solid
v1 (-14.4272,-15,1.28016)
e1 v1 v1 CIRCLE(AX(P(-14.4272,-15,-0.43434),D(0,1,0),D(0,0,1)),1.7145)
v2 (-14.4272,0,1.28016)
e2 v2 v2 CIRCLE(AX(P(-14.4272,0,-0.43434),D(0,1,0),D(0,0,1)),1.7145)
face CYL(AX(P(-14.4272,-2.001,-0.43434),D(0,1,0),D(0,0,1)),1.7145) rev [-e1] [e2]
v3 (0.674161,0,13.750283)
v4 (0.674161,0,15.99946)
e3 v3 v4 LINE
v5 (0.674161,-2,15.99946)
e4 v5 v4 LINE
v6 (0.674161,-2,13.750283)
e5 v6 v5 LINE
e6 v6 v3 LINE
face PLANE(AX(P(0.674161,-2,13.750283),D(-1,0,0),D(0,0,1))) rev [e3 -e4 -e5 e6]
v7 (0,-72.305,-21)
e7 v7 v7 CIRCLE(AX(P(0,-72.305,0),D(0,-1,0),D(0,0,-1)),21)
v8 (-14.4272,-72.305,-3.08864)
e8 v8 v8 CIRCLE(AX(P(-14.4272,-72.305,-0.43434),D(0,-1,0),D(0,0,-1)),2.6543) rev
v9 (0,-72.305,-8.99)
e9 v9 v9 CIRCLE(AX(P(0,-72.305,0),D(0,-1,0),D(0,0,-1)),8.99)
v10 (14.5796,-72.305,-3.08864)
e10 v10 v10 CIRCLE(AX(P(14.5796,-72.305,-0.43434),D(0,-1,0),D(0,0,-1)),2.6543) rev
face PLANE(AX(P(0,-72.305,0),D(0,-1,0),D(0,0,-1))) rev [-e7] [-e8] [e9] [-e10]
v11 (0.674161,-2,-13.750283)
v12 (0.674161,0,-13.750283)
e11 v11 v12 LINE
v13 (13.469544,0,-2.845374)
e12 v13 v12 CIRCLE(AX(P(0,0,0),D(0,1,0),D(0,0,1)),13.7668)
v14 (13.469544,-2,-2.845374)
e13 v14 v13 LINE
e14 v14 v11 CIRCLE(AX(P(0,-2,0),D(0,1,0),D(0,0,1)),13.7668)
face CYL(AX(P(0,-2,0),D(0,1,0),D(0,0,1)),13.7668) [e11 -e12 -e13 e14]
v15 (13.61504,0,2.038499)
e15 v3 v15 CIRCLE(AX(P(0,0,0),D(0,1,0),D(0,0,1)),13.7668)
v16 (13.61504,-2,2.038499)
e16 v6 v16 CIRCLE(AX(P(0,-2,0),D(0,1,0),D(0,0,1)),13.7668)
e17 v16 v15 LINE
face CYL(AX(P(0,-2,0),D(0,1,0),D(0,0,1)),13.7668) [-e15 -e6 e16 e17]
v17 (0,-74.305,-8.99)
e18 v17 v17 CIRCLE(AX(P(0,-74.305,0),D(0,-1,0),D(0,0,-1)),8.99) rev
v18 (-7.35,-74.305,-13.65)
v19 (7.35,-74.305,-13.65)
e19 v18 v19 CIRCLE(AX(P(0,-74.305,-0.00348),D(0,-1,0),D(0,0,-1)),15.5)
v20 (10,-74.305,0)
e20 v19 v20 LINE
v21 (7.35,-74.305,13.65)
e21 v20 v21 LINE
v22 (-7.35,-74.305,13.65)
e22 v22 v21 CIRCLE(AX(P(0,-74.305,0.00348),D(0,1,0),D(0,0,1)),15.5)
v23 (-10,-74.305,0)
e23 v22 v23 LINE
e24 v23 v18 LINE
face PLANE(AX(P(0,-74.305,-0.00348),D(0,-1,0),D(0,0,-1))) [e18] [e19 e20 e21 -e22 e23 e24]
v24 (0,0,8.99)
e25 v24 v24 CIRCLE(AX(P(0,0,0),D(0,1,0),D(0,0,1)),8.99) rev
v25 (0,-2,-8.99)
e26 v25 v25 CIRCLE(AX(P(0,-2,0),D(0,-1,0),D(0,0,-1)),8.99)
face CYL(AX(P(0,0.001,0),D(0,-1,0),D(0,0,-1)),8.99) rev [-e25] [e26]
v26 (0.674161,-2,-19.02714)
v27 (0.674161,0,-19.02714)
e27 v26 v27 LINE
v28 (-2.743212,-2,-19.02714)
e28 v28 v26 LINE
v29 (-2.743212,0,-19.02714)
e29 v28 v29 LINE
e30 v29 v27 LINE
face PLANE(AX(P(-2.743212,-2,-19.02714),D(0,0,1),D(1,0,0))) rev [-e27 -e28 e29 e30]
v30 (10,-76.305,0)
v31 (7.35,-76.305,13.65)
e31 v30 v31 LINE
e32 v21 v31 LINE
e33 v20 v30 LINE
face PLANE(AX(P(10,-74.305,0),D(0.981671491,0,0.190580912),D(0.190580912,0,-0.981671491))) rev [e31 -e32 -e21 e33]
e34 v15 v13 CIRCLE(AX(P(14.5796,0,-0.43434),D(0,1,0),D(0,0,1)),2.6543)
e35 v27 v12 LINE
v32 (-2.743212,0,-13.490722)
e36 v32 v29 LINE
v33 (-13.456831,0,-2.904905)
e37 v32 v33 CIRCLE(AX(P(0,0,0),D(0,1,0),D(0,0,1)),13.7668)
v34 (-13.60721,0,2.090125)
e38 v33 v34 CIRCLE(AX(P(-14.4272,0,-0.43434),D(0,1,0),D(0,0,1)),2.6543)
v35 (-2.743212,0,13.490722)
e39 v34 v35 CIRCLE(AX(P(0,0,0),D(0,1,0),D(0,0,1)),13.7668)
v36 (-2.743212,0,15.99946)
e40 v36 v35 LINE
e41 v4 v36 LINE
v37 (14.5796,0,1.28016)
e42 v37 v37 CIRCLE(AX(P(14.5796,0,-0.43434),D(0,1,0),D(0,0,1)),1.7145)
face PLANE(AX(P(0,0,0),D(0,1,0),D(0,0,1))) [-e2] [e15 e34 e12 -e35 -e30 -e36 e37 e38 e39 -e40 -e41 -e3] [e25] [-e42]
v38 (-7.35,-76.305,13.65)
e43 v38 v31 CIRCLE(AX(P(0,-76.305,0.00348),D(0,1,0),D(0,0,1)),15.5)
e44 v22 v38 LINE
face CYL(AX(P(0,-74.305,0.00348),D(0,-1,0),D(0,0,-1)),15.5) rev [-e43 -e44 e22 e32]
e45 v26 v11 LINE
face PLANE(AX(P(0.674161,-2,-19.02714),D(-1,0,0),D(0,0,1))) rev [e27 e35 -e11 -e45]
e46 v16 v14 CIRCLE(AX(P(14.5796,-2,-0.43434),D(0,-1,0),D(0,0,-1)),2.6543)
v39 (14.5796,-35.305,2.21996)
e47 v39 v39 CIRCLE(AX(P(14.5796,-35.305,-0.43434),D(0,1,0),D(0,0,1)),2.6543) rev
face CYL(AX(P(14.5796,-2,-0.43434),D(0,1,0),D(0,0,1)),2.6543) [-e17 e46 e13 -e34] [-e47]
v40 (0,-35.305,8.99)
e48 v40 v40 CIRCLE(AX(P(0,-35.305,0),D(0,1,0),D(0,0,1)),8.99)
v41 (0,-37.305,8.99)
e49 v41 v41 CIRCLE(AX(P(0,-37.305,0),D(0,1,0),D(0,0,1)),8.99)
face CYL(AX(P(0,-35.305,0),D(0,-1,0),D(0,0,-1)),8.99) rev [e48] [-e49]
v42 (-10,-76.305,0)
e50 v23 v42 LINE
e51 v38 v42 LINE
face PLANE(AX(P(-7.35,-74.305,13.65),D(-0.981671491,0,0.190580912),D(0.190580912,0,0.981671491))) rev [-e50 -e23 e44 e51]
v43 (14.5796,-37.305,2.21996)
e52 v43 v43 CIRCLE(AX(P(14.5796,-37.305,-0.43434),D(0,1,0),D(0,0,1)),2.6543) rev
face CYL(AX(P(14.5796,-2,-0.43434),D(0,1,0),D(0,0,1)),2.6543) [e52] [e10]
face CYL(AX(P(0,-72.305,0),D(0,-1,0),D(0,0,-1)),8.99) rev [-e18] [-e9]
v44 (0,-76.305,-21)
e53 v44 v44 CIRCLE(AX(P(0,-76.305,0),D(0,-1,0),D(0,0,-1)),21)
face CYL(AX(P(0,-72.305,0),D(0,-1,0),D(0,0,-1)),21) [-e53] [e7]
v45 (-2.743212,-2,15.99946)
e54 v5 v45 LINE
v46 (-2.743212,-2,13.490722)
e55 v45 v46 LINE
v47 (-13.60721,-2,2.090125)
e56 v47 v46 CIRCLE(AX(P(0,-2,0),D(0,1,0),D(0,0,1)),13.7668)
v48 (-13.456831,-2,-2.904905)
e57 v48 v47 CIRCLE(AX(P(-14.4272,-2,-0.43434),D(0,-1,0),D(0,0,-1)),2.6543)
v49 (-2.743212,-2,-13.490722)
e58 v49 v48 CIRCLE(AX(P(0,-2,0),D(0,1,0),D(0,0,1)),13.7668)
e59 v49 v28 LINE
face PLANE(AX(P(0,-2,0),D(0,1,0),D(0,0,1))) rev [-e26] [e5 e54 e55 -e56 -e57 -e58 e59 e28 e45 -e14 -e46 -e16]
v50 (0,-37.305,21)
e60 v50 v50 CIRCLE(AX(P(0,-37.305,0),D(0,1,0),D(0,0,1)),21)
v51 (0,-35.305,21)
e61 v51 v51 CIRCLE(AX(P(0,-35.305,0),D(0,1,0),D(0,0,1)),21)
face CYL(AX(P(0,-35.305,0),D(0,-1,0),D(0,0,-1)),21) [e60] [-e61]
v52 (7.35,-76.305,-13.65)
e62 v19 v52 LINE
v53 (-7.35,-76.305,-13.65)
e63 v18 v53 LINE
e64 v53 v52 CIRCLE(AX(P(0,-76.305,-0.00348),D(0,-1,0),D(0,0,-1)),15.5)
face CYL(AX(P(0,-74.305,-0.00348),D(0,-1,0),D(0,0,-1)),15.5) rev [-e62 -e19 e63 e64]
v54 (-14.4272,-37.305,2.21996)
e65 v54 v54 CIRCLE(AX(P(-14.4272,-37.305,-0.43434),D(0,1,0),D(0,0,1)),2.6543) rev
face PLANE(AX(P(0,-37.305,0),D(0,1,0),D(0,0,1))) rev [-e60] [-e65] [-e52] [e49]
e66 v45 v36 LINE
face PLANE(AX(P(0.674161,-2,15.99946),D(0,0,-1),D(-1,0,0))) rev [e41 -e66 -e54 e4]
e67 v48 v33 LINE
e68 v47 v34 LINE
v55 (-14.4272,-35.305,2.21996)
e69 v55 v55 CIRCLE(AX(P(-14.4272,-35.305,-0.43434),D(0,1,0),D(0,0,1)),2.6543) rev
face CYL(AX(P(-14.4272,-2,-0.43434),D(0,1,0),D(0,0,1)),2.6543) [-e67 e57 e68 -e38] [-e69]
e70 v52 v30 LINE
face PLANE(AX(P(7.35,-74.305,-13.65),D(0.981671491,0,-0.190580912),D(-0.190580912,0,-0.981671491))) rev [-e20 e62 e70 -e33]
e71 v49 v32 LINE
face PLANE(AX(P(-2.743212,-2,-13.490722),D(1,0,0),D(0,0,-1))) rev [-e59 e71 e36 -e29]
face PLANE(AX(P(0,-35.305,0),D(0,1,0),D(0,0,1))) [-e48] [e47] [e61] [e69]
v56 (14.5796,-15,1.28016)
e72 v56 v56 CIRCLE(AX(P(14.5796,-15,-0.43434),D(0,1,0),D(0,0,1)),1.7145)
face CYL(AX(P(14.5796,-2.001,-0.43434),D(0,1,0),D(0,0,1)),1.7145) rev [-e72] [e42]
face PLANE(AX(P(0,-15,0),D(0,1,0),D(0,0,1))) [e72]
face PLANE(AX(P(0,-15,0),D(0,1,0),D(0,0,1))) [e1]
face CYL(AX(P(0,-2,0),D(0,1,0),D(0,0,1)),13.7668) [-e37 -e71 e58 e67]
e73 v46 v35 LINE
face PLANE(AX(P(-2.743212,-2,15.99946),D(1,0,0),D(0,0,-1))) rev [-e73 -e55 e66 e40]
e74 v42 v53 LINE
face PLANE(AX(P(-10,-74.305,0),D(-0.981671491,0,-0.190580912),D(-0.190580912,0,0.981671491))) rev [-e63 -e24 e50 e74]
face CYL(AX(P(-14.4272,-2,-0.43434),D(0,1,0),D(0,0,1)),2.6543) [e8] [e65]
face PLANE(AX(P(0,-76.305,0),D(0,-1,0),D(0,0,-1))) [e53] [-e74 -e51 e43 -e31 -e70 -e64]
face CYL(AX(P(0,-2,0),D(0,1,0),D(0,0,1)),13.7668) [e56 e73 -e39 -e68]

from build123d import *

# Parameters (mm, degrees)
BOSS_EXTRUDE1_DEPTH      = 2
CUT_EXTRUDE1_REACH       = 27.75
SKETCH2_R                = 1.7145
SKETCH3_R                = 1.7145
BOSS_EXTRUDE2_DEPTH      = 72.305
CUT_EXTRUDE2_REACH       = 78.727
SKETCH4_R                = 8.99
BOSS_EXTRUDE3_DEPTH      = 2
BOSS_EXTRUDE3_DEPTH_BACK = 2
SKETCH5_R                = 21
SKETCH5_R_2              = 8.99
CUT_EXTRUDE3_DEPTH       = 2
SKETCH7_R                = 21
SKETCH7_R_2              = 8.99
BOSS_EXTRUDE4_DEPTH      = 2
SKETCH8_R                = 1.7145
BOSS_EXTRUDE5_DEPTH      = 57.305


with BuildPart() as part:
    # Sketch1 → Boss-Extrude1 (new body)
    with BuildSketch(Plane(origin=(0, 0, 0), x_dir=(1, 0, 0), z_dir=(0, 1, 0))):
        with BuildLine():
            Line((-2.743211684, 13.490721697), (-2.743211684, 19.02714))
            Line((-2.743211684, 19.02714), (0.674160958, 19.02714))
            Line((0.674160958, 19.02714), (0.674160958, 13.750283242))
            ThreePointArc((0.674160958, 13.750283242), (8.929745908, 10.47780608), (13.469544487, 2.845374062))
            ThreePointArc((13.469544487, 2.845374062), (17.232722938, 0.513379028), (13.615039655, -2.03849882))
            ThreePointArc((13.615039655, -2.03849882), (9.237791247, -10.207252084), (0.674160958, -13.750283242))
            Line((0.674160958, -13.750283242), (0.674160958, -15.99946))
            Line((0.674160958, -15.99946), (-2.743211684, -15.99946))
            Line((-2.743211684, -15.99946), (-2.743211684, -13.490721697))
            ThreePointArc((-2.743211684, -13.490721697), (-9.966316815, -9.49722651), (-13.607209812, -2.090125207))
            ThreePointArc((-13.607209812, -2.090125207), (-17.080297956, 0.514213195), (-13.456831252, 2.904905316))
            ThreePointArc((-13.456831252, 2.904905316), (-9.676012861, 9.792831937), (-2.743211684, 13.490721697))
        make_face()
    extrude(amount=-BOSS_EXTRUDE1_DEPTH)

    # Sketch2 → Cut-Extrude1 (cut, up to next)
    with BuildSketch(Plane(origin=(0, 0, 0), x_dir=(1, 0, 0), z_dir=(0, 1, 0)), mode=Mode.PRIVATE) as cut_extrude1_sk1:
        with Locations(Location((14.5796, 0.43434, 0), (0, 0, 270))):
            Circle(SKETCH2_R)
    cut_extrude1_tool1 = extrude(cut_extrude1_sk1.sketch, amount=-CUT_EXTRUDE1_REACH, mode=Mode.PRIVATE) & part.part
    # Sketch2 → Cut-Extrude1 (cut, up to next)
    with BuildSketch(Plane(origin=(0, 0, 0), x_dir=(1, 0, 0), z_dir=(0, 1, 0)), mode=Mode.PRIVATE) as cut_extrude1_sk2:
        with Locations(Location((-14.4272, 0.43434, 0), (0, 0, 270))):
            Circle(SKETCH2_R)
    cut_extrude1_tool2 = extrude(cut_extrude1_sk2.sketch, amount=-CUT_EXTRUDE1_REACH, mode=Mode.PRIVATE) & part.part
    add(cut_extrude1_tool1.solids().sort_by_distance((14.5796, 0, -0.43434))[0], mode=Mode.SUBTRACT)
    add(cut_extrude1_tool2.solids().sort_by_distance((-14.4272, 0, -0.43434))[0], mode=Mode.SUBTRACT)

    # Sketch3 → Boss-Extrude2 (add)
    # profile 1 of 2: a face of its own
    with BuildSketch(Plane.XZ.offset(2)):
        with BuildLine():
            ThreePointArc((13.469544487, -2.845374062), (16.011187954, -2.669483042), (17.2339, -0.43434))
            ThreePointArc((17.2339, -0.43434), (16.077110595, 1.757182418), (13.615039655, 2.03849882))
            ThreePointArc((13.615039655, 2.03849882), (11.926477062, -0.355300972), (13.469544487, -2.845374062))
        make_face()
        with Locations(Location((14.5796, -0.43434, 0), (0, 0, 90))):
            Circle(SKETCH3_R, mode=Mode.SUBTRACT)
    # profile 2 of 2: a face of its own
    with BuildSketch(Plane.XZ.offset(2)):
        with BuildLine():
            ThreePointArc((-13.456831252, -2.904905316), (-12.233919551, -1.929274567), (-11.7729, -0.43434))
            ThreePointArc((-11.7729, -0.43434), (-12.279898386, 1.125917756), (-13.607209812, 2.090125207))
            ThreePointArc((-13.607209812, 2.090125207), (-17.080297956, -0.514213195), (-13.456831252, -2.904905316))
        make_face()
        with Locations(Location((-14.4272, -0.43434, 0), (0, 0, 90))):
            Circle(SKETCH3_R, mode=Mode.SUBTRACT)
    extrude(amount=BOSS_EXTRUDE2_DEPTH)

    # Sketch4 → Cut-Extrude2 (cut, up to next)
    with BuildSketch(Plane.XZ.offset(2), mode=Mode.PRIVATE) as cut_extrude2_sk1:
        with Locations(Location((0, 0, 0), (0, 0, 270))):
            Circle(SKETCH4_R)
    cut_extrude2_tool1 = extrude(cut_extrude2_sk1.sketch, amount=-CUT_EXTRUDE2_REACH, mode=Mode.PRIVATE) & part.part
    add(cut_extrude2_tool1.solids().sort_by_distance((0, -2, 0))[0], mode=Mode.SUBTRACT)

    # Sketch5 → Boss-Extrude3 (add, two sides: drawn at the far end of the back side and taken through both)
    with BuildSketch(Plane.XZ.offset(74.305).offset(-BOSS_EXTRUDE3_DEPTH_BACK)):
        with Locations(Location((0, 0, 0), (0, 0, 270))):
            Circle(SKETCH5_R)
        with Locations(Location((0, 0, 0), (0, 0, 270))):
            Circle(SKETCH5_R_2, mode=Mode.SUBTRACT)
    extrude(amount=BOSS_EXTRUDE3_DEPTH + BOSS_EXTRUDE3_DEPTH_BACK)

    # Sketch6 → Cut-Extrude3 (cut)
    with BuildSketch(Plane.XZ.offset(76.305)):
        with BuildLine():
            Line((-7.35, 13.65), (-10, 0))
            Line((-10, 0), (-7.35, -13.65))
            ThreePointArc((-7.35, -13.65), (0, -15.503480297), (7.35, -13.65))
            Line((7.35, -13.65), (10, 0))
            Line((10, 0), (7.35, 13.65))
            ThreePointArc((7.35, 13.65), (0, 15.503480297), (-7.35, 13.65))
        make_face()
    extrude(amount=-CUT_EXTRUDE3_DEPTH, mode=Mode.SUBTRACT)

    # Sketch7 → Boss-Extrude4 (add)
    with BuildSketch(Plane(origin=(0, -37.305, 0), x_dir=(1, 0, 0), z_dir=(0, 1, 0))):
        with Locations(Location((0, 0, 0), (0, 0, 90))):
            Circle(SKETCH7_R)
        with Locations(Location((0, 0, 0), (0, 0, 90))):
            Circle(SKETCH7_R_2, mode=Mode.SUBTRACT)
    extrude(amount=BOSS_EXTRUDE4_DEPTH)

    # Sketch8 → Boss-Extrude5 (add)
    with BuildSketch(Plane(origin=(0, -72.305, 0), x_dir=(1, 0, 0), z_dir=(0, 1, 0))):
        with Locations(Location((-14.4272, 0.43434, 0), (0, 0, 270))):
            Circle(SKETCH8_R)
        with Locations(Location((14.5796, 0.43434, 0), (0, 0, 270))):
            Circle(SKETCH8_R)
    extrude(amount=BOSS_EXTRUDE5_DEPTH)


solid = part.part
